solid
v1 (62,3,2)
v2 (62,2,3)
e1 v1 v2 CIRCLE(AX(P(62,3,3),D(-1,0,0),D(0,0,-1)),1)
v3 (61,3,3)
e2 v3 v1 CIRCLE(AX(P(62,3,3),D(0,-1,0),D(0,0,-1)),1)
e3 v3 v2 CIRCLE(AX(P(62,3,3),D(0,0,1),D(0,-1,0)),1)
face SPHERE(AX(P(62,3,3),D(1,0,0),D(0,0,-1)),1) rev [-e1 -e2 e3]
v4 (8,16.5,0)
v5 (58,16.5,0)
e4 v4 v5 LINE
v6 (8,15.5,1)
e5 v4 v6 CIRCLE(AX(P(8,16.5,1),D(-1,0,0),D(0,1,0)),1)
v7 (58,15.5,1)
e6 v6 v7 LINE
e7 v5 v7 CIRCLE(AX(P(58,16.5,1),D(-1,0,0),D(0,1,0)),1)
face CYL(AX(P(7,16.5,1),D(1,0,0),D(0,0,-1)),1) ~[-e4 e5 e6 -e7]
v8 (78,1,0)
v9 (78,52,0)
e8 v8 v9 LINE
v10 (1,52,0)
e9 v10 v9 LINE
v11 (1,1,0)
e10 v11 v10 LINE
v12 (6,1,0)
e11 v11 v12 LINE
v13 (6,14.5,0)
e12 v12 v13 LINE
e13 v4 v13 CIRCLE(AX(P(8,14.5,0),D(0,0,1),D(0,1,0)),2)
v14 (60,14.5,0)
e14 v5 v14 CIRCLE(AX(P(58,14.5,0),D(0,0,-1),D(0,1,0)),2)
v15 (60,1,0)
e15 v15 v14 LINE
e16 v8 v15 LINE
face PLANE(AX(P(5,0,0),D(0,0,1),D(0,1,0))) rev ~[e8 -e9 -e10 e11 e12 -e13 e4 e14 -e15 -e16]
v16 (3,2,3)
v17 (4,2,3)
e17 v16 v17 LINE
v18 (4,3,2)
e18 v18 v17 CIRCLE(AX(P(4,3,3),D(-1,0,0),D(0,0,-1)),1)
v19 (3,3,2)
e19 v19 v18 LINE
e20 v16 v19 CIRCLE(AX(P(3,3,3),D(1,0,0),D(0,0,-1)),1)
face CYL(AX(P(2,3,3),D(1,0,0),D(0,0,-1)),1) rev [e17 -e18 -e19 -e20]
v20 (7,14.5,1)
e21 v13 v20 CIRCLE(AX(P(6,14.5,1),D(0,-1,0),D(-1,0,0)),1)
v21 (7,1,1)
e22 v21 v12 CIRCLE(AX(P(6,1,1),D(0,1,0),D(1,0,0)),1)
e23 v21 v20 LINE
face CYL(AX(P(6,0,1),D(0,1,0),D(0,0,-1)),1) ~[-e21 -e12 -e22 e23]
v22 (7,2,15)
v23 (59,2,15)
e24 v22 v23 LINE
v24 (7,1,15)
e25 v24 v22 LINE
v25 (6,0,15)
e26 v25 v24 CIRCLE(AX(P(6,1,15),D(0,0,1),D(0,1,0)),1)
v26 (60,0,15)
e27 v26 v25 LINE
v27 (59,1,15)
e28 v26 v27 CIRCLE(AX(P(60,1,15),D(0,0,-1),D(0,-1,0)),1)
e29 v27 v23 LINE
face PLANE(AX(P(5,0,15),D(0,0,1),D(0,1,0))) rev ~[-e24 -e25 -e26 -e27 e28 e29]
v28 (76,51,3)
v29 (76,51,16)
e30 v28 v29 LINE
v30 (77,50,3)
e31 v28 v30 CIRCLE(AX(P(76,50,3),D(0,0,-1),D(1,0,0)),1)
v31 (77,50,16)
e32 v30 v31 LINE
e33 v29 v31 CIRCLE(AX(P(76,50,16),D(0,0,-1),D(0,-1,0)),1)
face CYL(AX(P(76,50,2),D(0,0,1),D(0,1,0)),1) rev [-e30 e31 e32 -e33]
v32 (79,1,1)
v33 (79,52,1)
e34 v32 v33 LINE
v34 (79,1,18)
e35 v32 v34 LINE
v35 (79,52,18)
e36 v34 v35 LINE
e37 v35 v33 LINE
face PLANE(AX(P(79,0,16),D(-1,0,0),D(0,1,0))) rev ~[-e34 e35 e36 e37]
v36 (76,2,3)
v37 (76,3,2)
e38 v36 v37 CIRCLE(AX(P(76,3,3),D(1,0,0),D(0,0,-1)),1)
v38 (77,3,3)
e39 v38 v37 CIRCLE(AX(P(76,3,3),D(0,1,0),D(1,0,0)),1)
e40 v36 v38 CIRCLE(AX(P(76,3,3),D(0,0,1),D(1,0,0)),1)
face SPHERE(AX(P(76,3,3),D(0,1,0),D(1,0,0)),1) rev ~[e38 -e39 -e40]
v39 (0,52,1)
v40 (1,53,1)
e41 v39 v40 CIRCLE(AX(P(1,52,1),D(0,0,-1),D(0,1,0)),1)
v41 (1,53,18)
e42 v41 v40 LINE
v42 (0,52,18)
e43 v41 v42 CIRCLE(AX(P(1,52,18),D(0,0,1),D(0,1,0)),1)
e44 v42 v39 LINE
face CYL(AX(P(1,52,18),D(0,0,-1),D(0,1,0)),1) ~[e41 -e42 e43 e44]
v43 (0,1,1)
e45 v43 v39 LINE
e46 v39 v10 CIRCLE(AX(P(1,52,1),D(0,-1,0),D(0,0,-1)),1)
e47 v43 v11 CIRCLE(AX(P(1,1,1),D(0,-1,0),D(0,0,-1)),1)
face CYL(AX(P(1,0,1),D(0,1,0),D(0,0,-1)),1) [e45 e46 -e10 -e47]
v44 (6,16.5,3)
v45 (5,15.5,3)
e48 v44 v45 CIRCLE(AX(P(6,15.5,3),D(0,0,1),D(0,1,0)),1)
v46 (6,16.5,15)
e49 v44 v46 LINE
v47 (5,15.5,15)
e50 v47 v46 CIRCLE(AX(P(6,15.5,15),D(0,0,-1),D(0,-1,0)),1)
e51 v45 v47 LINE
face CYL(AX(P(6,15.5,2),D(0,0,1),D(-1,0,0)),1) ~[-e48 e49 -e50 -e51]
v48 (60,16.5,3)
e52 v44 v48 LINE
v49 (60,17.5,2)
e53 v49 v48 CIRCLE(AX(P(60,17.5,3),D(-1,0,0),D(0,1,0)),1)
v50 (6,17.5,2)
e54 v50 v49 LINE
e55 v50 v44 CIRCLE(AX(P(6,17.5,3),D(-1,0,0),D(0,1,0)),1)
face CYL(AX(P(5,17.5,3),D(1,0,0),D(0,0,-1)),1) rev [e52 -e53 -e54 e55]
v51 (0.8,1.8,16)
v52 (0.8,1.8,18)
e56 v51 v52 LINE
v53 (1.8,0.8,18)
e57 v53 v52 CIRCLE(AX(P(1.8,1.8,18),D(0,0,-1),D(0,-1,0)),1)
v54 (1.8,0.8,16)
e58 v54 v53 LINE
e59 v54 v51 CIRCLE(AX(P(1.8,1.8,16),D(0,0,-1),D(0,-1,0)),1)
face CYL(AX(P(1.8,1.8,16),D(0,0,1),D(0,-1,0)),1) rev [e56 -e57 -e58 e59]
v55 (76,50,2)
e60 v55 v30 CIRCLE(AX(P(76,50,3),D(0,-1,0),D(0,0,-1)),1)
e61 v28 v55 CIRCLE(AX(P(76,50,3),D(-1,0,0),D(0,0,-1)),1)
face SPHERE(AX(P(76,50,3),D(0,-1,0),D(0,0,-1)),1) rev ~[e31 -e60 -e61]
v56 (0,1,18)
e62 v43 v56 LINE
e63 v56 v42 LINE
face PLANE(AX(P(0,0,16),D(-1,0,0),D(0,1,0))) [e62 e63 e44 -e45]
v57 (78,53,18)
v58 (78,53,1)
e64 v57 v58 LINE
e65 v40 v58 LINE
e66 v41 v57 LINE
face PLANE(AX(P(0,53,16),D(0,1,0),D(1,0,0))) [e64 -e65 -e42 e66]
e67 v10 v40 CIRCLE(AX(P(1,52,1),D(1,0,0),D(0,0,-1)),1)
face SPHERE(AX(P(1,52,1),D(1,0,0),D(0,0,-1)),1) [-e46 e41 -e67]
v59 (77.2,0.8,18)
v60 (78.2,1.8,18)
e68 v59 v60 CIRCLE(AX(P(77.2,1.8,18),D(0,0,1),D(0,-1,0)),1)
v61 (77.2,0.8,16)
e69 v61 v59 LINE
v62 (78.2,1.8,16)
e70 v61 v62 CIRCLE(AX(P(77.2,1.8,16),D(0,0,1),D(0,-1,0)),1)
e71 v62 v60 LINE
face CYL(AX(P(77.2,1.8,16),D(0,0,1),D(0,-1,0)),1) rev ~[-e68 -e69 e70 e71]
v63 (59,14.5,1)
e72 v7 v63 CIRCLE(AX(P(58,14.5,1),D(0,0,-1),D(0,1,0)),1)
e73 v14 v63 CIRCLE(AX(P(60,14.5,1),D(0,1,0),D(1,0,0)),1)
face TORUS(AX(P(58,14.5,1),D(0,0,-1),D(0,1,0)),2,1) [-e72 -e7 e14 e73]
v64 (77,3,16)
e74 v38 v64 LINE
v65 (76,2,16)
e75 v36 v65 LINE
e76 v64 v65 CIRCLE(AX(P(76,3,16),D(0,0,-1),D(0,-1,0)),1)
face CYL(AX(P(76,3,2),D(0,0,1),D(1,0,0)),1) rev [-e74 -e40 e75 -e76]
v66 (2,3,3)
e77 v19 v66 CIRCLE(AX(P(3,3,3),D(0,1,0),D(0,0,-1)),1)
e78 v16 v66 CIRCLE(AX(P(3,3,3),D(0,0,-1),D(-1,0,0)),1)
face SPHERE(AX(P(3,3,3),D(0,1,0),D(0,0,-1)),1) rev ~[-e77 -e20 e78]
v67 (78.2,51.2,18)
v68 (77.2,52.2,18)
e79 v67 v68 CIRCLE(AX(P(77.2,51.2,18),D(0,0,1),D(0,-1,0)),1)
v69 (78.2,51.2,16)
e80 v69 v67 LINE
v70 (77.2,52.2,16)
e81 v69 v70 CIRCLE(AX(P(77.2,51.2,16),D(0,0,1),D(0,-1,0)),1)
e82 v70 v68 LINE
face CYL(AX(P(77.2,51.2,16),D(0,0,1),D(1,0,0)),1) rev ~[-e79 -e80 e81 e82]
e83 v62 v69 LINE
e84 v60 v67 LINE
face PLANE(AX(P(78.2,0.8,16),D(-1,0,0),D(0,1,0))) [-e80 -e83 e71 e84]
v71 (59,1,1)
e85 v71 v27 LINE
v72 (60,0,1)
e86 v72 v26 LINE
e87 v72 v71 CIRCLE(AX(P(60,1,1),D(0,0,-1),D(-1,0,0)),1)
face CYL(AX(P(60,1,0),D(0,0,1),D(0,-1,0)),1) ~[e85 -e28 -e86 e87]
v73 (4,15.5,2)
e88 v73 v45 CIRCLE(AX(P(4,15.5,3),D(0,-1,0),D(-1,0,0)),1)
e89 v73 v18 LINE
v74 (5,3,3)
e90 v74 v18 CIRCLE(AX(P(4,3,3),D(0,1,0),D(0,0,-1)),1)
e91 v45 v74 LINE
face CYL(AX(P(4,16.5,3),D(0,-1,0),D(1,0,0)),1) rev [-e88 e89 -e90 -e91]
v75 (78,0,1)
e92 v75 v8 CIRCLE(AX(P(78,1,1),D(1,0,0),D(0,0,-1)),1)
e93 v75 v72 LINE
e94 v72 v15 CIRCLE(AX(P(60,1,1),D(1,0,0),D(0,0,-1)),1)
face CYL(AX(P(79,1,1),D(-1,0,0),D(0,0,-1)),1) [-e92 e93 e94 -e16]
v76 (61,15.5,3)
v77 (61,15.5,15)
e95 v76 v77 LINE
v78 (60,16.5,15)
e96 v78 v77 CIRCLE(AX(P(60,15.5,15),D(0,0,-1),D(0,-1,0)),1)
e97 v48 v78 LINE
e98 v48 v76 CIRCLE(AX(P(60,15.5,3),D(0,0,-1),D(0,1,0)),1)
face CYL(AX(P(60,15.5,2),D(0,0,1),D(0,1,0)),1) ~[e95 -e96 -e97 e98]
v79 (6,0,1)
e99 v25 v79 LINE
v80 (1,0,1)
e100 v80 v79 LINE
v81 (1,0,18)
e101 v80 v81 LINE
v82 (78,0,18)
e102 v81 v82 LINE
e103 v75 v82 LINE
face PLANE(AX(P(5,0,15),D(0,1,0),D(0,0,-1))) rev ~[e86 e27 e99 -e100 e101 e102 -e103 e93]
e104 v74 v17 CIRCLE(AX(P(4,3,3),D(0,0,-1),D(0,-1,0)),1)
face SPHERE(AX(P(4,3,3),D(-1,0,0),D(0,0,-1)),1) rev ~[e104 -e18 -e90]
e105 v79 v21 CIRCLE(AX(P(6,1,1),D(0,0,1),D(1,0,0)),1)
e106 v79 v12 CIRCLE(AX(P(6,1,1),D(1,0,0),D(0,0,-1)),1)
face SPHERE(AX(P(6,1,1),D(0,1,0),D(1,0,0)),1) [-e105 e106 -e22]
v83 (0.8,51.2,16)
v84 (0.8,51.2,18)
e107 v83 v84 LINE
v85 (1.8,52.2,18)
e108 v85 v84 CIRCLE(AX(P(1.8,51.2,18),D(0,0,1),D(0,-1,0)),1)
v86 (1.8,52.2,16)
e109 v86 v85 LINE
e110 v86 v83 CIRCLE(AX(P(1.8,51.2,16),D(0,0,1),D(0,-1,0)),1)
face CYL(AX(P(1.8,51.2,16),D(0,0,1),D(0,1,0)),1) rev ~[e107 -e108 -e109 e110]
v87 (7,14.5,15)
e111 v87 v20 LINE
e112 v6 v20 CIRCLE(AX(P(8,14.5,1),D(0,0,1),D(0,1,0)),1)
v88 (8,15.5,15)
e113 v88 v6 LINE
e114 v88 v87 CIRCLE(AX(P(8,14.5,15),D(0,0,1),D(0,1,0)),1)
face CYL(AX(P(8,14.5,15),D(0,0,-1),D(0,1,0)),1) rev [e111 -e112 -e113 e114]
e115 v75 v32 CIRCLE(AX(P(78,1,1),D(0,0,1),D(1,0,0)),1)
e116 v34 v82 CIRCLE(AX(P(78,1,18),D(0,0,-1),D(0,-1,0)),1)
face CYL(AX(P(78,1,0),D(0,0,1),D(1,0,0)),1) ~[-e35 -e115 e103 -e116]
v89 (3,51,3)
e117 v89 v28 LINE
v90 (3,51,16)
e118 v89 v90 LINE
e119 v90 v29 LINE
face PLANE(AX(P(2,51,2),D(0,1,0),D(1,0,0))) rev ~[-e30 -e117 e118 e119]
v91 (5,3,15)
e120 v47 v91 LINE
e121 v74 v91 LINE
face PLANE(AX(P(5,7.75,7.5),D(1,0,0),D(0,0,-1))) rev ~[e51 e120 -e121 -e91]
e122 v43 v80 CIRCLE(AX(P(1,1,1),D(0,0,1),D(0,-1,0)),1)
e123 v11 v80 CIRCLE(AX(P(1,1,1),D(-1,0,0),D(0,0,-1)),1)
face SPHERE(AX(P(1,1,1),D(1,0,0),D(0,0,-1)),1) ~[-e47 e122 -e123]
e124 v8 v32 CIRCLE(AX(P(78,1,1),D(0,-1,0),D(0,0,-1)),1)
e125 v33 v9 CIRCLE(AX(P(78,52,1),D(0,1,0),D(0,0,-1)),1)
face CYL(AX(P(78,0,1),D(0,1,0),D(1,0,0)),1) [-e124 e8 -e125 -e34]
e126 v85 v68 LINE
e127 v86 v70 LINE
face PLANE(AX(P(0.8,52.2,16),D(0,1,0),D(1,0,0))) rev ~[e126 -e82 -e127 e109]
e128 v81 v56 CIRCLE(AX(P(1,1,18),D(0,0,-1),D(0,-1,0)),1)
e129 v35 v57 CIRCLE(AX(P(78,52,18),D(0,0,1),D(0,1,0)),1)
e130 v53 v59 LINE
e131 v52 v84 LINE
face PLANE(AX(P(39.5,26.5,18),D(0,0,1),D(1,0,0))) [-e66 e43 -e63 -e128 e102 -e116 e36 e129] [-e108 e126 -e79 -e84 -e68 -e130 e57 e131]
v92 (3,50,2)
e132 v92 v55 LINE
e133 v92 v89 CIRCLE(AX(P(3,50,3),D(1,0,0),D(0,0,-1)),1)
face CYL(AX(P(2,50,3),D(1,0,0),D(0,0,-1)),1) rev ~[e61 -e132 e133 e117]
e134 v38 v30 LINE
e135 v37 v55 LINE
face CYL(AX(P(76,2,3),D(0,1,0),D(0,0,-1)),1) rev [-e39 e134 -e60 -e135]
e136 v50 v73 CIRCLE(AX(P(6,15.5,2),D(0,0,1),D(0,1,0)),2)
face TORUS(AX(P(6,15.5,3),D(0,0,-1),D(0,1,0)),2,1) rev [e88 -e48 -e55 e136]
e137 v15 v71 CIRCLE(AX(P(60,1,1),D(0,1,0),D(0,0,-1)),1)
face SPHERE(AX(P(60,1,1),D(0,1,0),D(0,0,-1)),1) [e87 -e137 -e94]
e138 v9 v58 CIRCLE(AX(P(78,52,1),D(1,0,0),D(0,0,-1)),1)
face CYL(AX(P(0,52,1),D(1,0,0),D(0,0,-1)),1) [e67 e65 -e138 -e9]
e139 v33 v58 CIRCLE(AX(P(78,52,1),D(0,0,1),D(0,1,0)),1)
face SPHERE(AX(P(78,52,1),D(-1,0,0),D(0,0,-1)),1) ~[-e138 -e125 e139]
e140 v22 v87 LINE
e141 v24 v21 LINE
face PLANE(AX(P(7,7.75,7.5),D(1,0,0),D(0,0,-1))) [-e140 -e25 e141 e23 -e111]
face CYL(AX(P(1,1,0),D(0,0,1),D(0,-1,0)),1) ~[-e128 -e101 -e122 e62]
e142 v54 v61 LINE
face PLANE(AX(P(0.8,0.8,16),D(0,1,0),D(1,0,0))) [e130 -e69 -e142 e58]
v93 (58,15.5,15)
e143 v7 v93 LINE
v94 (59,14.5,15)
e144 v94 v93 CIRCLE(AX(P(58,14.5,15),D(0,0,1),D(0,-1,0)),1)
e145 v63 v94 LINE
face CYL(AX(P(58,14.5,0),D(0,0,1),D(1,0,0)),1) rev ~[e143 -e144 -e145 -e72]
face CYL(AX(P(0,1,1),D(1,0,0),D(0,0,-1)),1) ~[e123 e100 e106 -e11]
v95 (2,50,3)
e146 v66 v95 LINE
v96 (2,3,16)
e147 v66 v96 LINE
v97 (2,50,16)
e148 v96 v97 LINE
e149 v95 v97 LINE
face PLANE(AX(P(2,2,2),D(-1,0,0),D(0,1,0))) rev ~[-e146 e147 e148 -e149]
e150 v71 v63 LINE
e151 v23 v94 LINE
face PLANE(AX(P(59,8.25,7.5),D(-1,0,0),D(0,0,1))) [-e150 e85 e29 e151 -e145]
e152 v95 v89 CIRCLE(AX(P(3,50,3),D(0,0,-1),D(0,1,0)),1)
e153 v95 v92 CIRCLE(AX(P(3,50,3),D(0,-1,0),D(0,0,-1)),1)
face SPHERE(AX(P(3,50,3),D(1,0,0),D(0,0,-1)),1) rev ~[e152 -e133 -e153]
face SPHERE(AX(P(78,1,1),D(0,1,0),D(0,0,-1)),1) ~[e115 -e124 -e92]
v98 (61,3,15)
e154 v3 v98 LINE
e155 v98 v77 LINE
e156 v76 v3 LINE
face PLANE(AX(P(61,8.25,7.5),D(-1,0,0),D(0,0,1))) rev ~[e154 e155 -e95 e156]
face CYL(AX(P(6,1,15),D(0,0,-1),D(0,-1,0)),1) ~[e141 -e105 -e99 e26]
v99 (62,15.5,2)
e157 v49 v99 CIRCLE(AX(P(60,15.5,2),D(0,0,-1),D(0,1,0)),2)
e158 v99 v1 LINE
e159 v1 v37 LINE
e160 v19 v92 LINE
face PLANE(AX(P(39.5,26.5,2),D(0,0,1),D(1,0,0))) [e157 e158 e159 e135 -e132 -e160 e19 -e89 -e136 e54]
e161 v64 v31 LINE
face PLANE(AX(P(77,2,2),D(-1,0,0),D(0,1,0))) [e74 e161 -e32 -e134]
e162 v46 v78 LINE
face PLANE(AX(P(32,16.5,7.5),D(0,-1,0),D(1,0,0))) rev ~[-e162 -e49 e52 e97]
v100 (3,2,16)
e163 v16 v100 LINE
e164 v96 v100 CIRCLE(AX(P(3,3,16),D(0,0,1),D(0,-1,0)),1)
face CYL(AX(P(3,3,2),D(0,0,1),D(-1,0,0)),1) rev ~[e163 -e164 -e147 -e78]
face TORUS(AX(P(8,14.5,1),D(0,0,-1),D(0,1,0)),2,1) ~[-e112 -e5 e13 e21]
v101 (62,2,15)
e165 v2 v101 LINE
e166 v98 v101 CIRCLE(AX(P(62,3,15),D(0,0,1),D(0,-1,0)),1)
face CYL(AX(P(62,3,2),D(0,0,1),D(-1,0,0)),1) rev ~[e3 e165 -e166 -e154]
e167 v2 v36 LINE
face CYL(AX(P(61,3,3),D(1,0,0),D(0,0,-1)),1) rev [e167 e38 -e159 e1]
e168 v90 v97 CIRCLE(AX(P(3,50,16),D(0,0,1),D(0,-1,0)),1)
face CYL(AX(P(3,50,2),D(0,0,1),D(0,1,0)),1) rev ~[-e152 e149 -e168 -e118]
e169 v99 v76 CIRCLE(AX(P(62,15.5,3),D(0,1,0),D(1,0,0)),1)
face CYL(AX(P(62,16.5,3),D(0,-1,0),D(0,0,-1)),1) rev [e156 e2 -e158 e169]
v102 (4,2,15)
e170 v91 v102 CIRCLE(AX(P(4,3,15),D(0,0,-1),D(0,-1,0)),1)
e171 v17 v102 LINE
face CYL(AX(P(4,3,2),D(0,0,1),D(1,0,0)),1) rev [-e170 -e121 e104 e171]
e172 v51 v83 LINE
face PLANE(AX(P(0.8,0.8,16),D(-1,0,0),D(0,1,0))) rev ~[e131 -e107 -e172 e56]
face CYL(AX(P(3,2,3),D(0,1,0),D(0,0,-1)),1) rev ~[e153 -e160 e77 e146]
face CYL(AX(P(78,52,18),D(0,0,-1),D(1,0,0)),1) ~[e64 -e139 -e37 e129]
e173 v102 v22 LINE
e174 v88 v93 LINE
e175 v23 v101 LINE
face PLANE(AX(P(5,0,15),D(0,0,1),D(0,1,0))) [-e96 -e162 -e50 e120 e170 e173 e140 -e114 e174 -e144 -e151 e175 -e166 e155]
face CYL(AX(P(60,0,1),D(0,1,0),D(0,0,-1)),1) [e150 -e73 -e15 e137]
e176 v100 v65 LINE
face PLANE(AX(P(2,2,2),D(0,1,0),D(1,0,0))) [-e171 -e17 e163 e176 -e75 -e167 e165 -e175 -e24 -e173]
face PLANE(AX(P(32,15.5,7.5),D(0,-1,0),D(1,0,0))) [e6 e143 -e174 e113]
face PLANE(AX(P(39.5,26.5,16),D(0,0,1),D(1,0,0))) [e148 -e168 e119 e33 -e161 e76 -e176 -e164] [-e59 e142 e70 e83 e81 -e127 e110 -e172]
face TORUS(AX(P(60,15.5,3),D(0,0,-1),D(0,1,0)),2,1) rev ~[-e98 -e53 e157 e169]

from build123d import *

# Parameters (mm, degrees)
SKETCH1_W           = 79
SKETCH1_H           = 53
BOSS_EXTRUDE1_DEPTH = 2
SKETCH2_W           = 79
SKETCH2_H           = 53
SKETCH2_W_2         = 75
SKETCH2_H_2         = 49
BOSS_EXTRUDE2_DEPTH = 14
SKETCH3_W           = 79
SKETCH3_H           = 53
SKETCH3_W_2         = 77.4
SKETCH3_H_2         = 51.4
BOSS_EXTRUDE3_DEPTH = 2
SKETCH5_W           = 15
SKETCH5_H           = 16.5
CUT_EXTRUDE2_DEPTH  = 54
SKETCH6_W           = 15
SKETCH6_H           = 16.5
BOSS_EXTRUDE4_DEPTH = 2
SKETCH7_W           = 54
SKETCH7_H           = 15
BOSS_EXTRUDE6_DEPTH = 1
SKETCH8_W           = 15
SKETCH8_H           = 15.5
BOSS_EXTRUDE8_DEPTH = 2
FILLET1_R           = 1


with BuildPart() as part:
    # Sketch1 → Boss-Extrude1 (new body)
    with BuildSketch(Plane.XY):
        with Locations((39.5, 26.5)):
            Rectangle(SKETCH1_W, SKETCH1_H)
    extrude(amount=BOSS_EXTRUDE1_DEPTH)

    # Sketch2 → Boss-Extrude2 (add)
    with BuildSketch(Plane.XY.offset(2)):
        with Locations((39.5, 26.5)):
            Rectangle(SKETCH2_W, SKETCH2_H)
        with Locations((39.5, 26.5)):
            Rectangle(SKETCH2_W_2, SKETCH2_H_2, mode=Mode.SUBTRACT)
    extrude(amount=BOSS_EXTRUDE2_DEPTH)

    # Sketch3 → Boss-Extrude3 (add)
    with BuildSketch(Plane.XY.offset(16)):
        with Locations((39.5, 26.5)):
            Rectangle(SKETCH3_W, SKETCH3_H)
        with Locations((39.5, 26.5)):
            Rectangle(SKETCH3_W_2, SKETCH3_H_2, mode=Mode.SUBTRACT)
    extrude(amount=BOSS_EXTRUDE3_DEPTH)

    # Sketch5 → Cut-Extrude2 (cut)
    with BuildSketch(Plane.ZY.offset(-5)):
        with Locations((7.5, 8.25)):
            Rectangle(SKETCH5_W, SKETCH5_H)
    extrude(amount=-CUT_EXTRUDE2_DEPTH, mode=Mode.SUBTRACT)

    # Sketch6 → Boss-Extrude4 (add)
    with BuildSketch(Plane.ZY.offset(-59)):
        with Locations((7.5, 8.25)):
            Rectangle(SKETCH6_W, SKETCH6_H)
    extrude(amount=-BOSS_EXTRUDE4_DEPTH)

    # Sketch7 → Boss-Extrude6 (add)
    with BuildSketch(Plane.XZ.offset(-16.5)):
        with Locations((32, 7.5)):
            Rectangle(SKETCH7_W, SKETCH7_H)
    extrude(amount=BOSS_EXTRUDE6_DEPTH)

    # Sketch8 → Boss-Extrude8 (add)
    with BuildSketch(Plane(origin=(5, 0, 0), x_dir=(0, 0, -1), z_dir=(1, 0, 0))):
        with Locations((-7.5, 7.75)):
            Rectangle(SKETCH8_W, SKETCH8_H)
    extrude(amount=BOSS_EXTRUDE8_DEPTH)

    # Fillet1
    fillet1_edges = [part.edges().sort_by_distance(p)[0] for p in [
        (59, 7.75, 0),
        (5, 16.5, 8.5),
        (59, 15.5, 7.5),
        (33, 15.5, 0),
        (7, 7.75, 0),
        (7, 15.5, 7.5),
        (7, 0, 7.5),
        (77, 26.5, 2),
        (39.5, 51, 2),
        (2, 26.5, 2),
        (3.5, 2, 2),
        (77, 51, 9),
        (2, 51, 9),
        (2, 2, 9),
        (77, 2, 9),
        (78.2, 52.2, 17),
        (0.8, 52.2, 17),
        (0.8, 0.8, 17),
        (78.2, 0.8, 17),
        (39.5, 53, 0),
        (79, 26.5, 0),
        (3.5, 0, 0),
        (0, 26.5, 0),
        (69, 0, 0),
        (33, 16.5, 2),
        (5, 9.25, 2),
        (59, 0, 7.5),
        (5, 2, 8.5),
        (0, 53, 9),
        (79, 53, 9),
        (79, 0, 9),
        (0, 0, 9),
        (69, 2, 2),
        (61, 9.25, 2),
        (61, 16.5, 8.5),
        (61, 2, 8.5),
    ]]
    fillet(fillet1_edges, radius=FILLET1_R)


solid = part.part
